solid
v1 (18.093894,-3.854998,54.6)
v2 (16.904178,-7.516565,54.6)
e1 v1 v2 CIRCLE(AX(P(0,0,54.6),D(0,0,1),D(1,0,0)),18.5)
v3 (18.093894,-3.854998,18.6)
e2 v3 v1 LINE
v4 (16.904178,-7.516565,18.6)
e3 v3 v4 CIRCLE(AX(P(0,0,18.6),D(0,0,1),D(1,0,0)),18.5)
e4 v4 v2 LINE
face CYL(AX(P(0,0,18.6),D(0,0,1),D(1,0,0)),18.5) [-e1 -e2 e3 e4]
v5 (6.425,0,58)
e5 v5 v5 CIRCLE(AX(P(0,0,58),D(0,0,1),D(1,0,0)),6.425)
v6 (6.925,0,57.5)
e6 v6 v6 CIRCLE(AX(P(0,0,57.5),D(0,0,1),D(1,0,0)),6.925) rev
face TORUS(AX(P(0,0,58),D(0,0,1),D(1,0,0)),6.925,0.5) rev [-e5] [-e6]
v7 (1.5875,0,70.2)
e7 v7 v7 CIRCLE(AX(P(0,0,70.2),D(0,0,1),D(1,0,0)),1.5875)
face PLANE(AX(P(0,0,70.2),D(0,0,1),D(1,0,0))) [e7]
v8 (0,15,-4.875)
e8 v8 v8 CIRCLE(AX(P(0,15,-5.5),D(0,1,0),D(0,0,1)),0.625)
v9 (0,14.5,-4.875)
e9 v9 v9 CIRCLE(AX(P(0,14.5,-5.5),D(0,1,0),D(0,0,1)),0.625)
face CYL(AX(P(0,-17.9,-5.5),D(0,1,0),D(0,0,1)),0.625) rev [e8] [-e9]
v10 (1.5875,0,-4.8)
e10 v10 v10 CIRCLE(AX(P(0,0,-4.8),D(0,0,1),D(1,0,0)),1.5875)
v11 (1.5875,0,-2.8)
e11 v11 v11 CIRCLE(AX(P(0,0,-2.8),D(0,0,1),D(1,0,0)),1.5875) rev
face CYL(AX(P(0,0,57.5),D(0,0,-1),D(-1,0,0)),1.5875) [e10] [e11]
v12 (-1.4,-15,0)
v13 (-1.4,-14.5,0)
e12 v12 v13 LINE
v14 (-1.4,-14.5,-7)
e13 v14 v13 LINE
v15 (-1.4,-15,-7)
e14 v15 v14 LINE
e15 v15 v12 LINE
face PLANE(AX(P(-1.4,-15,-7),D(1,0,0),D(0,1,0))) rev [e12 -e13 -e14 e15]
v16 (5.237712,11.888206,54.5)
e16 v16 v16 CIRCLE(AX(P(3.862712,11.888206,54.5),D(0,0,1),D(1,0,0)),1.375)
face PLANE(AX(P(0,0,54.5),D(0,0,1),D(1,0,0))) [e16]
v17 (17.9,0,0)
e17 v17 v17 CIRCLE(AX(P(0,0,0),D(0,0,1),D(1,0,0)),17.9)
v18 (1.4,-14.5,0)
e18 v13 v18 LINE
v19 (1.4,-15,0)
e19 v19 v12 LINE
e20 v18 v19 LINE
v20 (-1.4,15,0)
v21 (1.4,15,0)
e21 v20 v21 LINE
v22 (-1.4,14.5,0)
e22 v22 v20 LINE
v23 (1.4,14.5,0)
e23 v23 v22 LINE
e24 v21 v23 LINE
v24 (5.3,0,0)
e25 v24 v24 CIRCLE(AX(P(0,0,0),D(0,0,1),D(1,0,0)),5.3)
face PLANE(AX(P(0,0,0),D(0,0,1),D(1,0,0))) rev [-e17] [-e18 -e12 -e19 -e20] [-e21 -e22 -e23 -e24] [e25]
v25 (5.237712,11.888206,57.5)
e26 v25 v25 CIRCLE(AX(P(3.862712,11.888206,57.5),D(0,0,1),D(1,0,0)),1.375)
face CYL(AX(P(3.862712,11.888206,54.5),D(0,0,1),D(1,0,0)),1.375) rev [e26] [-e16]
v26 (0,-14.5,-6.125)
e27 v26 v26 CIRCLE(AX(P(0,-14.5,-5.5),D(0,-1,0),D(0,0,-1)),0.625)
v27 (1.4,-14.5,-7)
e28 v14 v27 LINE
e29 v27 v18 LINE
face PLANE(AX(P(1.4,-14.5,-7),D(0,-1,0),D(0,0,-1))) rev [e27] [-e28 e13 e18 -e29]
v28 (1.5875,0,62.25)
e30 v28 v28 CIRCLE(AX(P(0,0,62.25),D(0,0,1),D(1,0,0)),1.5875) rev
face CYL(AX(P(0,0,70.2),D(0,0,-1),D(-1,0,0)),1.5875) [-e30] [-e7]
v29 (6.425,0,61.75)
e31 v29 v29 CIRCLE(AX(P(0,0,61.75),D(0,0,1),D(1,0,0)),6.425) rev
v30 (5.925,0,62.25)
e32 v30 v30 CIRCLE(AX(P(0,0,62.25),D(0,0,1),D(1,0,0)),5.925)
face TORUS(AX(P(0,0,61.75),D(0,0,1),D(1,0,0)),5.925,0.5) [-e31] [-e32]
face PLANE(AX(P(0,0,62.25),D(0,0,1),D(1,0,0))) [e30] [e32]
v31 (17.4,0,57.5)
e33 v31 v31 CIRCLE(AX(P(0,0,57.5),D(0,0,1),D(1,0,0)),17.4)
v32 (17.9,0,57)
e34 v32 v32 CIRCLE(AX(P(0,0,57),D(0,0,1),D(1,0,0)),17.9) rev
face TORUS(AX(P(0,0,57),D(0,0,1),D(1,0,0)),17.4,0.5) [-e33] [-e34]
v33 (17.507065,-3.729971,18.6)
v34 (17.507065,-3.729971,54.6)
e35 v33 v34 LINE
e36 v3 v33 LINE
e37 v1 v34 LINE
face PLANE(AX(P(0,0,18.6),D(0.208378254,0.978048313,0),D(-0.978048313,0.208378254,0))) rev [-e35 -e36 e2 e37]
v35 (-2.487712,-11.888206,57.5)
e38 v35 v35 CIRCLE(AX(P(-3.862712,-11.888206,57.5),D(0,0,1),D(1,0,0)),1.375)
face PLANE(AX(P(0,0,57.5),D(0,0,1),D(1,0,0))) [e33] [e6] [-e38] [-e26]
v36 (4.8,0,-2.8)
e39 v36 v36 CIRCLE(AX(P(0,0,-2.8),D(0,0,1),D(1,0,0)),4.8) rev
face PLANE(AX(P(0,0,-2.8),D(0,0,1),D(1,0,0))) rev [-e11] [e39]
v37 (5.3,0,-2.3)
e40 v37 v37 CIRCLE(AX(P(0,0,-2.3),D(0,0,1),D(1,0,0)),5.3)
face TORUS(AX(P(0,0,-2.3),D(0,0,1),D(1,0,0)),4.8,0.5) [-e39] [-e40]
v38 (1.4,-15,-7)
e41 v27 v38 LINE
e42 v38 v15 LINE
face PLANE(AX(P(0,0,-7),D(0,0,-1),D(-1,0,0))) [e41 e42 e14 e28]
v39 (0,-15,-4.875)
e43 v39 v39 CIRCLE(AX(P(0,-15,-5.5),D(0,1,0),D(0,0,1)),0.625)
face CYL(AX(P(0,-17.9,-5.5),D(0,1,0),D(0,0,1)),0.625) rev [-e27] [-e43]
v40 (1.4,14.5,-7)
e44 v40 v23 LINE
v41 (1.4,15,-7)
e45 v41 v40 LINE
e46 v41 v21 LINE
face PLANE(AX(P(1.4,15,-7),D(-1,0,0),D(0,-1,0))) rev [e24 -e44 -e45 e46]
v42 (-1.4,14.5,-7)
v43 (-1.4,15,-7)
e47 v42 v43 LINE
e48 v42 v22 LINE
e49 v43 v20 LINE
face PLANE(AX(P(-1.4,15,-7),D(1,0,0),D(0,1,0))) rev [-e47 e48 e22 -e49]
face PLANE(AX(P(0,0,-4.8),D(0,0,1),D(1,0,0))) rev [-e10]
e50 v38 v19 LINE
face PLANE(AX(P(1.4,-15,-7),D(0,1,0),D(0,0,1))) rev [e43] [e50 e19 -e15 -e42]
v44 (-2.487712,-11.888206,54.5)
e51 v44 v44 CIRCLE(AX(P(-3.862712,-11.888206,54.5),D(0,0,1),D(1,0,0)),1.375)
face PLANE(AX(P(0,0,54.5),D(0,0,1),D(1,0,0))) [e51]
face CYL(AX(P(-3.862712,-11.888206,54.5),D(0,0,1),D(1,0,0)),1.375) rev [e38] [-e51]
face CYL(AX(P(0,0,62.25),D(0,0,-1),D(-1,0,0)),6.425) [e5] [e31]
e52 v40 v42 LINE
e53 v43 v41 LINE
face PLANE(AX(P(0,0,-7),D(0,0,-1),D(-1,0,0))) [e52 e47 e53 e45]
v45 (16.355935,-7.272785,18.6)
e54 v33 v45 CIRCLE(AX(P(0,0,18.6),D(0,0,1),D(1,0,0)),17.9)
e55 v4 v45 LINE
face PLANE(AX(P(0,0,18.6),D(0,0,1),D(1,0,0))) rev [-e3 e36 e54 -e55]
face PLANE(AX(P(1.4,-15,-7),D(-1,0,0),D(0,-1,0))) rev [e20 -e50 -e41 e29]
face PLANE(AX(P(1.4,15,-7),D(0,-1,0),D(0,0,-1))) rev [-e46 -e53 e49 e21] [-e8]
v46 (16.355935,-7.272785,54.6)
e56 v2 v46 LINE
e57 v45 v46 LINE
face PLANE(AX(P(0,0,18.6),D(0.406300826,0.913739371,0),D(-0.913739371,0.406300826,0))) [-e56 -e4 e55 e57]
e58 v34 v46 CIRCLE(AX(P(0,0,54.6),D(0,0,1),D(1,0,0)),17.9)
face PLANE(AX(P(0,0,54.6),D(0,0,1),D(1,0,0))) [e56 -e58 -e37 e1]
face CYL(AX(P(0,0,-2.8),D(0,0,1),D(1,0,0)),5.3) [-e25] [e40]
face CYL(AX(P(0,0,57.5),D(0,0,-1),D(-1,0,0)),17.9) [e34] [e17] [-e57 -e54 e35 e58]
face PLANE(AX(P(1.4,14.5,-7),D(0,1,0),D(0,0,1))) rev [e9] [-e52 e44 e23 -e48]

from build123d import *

# Parameters (mm, degrees)
SKETCH1_R                = 17.9
BOSS_EXTRUDE1_DEPTH      = 57.5
SKETCH1_3_R              = 5.3
SKETCH1_3_R_2            = 1.5875
BOSS_EXTRUDE2_DEPTH      = 2.8
BOSS_EXTRUDE4_DEPTH      = 57.5
BOSS_EXTRUDE4_DEPTH_BACK = 2
BOSS_EXTRUDE4_START      = -2.8
SKETCH1_5_R              = 1.5875
BOSS_EXTRUDE5_START      = 70.2
SKETCH1_6_R              = 1.5875
BOSS_EXTRUDE5_DEPTH      = 75
SKETCH2_R                = 1.375
CUT_EXTRUDE1_DEPTH       = 3
SKETCH3_W                = 2.8
SKETCH3_H                = 0.5
BOSS_EXTRUDE6_DEPTH      = 7
SKETCH4_R                = 0.625
CUT_EXTRUDE2_DEPTH       = 80.566701578
SKETCH2_3_R              = 6.425
BOSS_EXTRUDE7_DEPTH      = 4.75
BOSS_EXTRUDE8_START      = -38.9
BOSS_EXTRUDE8_DEPTH      = 36
FILLET1_R                = 0.5


with BuildPart() as part:
    # Sketch1 → Boss-Extrude1 (new body)
    with BuildSketch(Plane.XY):
        Circle(SKETCH1_R)
    extrude(amount=BOSS_EXTRUDE1_DEPTH)

    # Sketch1<3> → Boss-Extrude2 (add)
    with BuildSketch(Plane.XY):
        Circle(SKETCH1_3_R)
        Circle(SKETCH1_3_R_2, mode=Mode.SUBTRACT)
    extrude(amount=-BOSS_EXTRUDE2_DEPTH)

    # Sketch1<5> → Boss-Extrude4 (add, two sides: drawn at the far end of the back side and taken through both)
    with BuildSketch(Plane.XY.offset(BOSS_EXTRUDE4_START - BOSS_EXTRUDE4_DEPTH_BACK)):
        Circle(SKETCH1_5_R)
    extrude(amount=BOSS_EXTRUDE4_DEPTH + BOSS_EXTRUDE4_DEPTH_BACK)

    # Sketch1<6> → Boss-Extrude5 (add)
    with BuildSketch(Plane.XY.offset(BOSS_EXTRUDE5_START)):
        Circle(SKETCH1_6_R)
    extrude(amount=-BOSS_EXTRUDE5_DEPTH)

    # Sketch2 → Cut-Extrude1 (cut)
    with BuildSketch(Plane.XY.offset(57.5)):
        with Locations((3.86271243, 11.888206454)):
            Circle(SKETCH2_R)
        with Locations((-3.86271243, -11.888206454)):
            Circle(SKETCH2_R)
    extrude(amount=-CUT_EXTRUDE1_DEPTH, mode=Mode.SUBTRACT)

    # Sketch3 → Boss-Extrude6 (add)
    with BuildSketch(Plane(origin=(0, 0, 0), x_dir=(-1, 0, 0), z_dir=(0, 0, -1))):
        with Locations((0, -14.75)):
            Rectangle(SKETCH3_W, SKETCH3_H)
        with Locations((0, 14.75)):
            Rectangle(SKETCH3_W, SKETCH3_H)
    extrude(amount=BOSS_EXTRUDE6_DEPTH)

    # Sketch4 → Cut-Extrude2 (cut, through all)
    with BuildSketch(Plane(origin=(0, 15, 0), x_dir=(1, 0, 0), z_dir=(0, 1, 0))):
        with Locations(Location((0, 5.5, 0), (0, 0, 270))):
            Circle(SKETCH4_R)
    extrude(amount=-CUT_EXTRUDE2_DEPTH, mode=Mode.SUBTRACT)

    # Sketch2<3> → Boss-Extrude7 (add)
    with BuildSketch(Plane.XY.offset(57.5)):
        Circle(SKETCH2_3_R)
    extrude(amount=BOSS_EXTRUDE7_DEPTH)

    # Sketch5 → Boss-Extrude8 (add)
    with BuildSketch(Plane.XY.offset(57.5).offset(BOSS_EXTRUDE8_START)):
        with BuildLine():
            Line((17.50706481, -3.729970743), (18.093893798, -3.854997695))
            ThreePointArc((18.093893798, -3.854997695), (-17.594545551, 5.716814396), (16.90417837, -7.516565283))
            Line((16.90417837, -7.516565283), (16.355934747, -7.272784787))
            ThreePointArc((16.355934747, -7.272784787), (-17.509729181, 3.717443209), (17.9, 0))
            ThreePointArc((17.9, 0), (17.801495163, -1.875305295), (17.50706481, -3.729970743))
        make_face()
    extrude(amount=BOSS_EXTRUDE8_DEPTH)

    # Fillet1
    fillet1_edges = [part.edges().sort_by_distance(p)[0] for p in [
        (-17.9, 0, 57.5),
        (-5.3, 0, -2.8),
        (-6.425, 0, 57.5),
        (-6.425, 0, 62.25),
    ]]
    fillet(fillet1_edges, radius=FILLET1_R)


solid = part.part
